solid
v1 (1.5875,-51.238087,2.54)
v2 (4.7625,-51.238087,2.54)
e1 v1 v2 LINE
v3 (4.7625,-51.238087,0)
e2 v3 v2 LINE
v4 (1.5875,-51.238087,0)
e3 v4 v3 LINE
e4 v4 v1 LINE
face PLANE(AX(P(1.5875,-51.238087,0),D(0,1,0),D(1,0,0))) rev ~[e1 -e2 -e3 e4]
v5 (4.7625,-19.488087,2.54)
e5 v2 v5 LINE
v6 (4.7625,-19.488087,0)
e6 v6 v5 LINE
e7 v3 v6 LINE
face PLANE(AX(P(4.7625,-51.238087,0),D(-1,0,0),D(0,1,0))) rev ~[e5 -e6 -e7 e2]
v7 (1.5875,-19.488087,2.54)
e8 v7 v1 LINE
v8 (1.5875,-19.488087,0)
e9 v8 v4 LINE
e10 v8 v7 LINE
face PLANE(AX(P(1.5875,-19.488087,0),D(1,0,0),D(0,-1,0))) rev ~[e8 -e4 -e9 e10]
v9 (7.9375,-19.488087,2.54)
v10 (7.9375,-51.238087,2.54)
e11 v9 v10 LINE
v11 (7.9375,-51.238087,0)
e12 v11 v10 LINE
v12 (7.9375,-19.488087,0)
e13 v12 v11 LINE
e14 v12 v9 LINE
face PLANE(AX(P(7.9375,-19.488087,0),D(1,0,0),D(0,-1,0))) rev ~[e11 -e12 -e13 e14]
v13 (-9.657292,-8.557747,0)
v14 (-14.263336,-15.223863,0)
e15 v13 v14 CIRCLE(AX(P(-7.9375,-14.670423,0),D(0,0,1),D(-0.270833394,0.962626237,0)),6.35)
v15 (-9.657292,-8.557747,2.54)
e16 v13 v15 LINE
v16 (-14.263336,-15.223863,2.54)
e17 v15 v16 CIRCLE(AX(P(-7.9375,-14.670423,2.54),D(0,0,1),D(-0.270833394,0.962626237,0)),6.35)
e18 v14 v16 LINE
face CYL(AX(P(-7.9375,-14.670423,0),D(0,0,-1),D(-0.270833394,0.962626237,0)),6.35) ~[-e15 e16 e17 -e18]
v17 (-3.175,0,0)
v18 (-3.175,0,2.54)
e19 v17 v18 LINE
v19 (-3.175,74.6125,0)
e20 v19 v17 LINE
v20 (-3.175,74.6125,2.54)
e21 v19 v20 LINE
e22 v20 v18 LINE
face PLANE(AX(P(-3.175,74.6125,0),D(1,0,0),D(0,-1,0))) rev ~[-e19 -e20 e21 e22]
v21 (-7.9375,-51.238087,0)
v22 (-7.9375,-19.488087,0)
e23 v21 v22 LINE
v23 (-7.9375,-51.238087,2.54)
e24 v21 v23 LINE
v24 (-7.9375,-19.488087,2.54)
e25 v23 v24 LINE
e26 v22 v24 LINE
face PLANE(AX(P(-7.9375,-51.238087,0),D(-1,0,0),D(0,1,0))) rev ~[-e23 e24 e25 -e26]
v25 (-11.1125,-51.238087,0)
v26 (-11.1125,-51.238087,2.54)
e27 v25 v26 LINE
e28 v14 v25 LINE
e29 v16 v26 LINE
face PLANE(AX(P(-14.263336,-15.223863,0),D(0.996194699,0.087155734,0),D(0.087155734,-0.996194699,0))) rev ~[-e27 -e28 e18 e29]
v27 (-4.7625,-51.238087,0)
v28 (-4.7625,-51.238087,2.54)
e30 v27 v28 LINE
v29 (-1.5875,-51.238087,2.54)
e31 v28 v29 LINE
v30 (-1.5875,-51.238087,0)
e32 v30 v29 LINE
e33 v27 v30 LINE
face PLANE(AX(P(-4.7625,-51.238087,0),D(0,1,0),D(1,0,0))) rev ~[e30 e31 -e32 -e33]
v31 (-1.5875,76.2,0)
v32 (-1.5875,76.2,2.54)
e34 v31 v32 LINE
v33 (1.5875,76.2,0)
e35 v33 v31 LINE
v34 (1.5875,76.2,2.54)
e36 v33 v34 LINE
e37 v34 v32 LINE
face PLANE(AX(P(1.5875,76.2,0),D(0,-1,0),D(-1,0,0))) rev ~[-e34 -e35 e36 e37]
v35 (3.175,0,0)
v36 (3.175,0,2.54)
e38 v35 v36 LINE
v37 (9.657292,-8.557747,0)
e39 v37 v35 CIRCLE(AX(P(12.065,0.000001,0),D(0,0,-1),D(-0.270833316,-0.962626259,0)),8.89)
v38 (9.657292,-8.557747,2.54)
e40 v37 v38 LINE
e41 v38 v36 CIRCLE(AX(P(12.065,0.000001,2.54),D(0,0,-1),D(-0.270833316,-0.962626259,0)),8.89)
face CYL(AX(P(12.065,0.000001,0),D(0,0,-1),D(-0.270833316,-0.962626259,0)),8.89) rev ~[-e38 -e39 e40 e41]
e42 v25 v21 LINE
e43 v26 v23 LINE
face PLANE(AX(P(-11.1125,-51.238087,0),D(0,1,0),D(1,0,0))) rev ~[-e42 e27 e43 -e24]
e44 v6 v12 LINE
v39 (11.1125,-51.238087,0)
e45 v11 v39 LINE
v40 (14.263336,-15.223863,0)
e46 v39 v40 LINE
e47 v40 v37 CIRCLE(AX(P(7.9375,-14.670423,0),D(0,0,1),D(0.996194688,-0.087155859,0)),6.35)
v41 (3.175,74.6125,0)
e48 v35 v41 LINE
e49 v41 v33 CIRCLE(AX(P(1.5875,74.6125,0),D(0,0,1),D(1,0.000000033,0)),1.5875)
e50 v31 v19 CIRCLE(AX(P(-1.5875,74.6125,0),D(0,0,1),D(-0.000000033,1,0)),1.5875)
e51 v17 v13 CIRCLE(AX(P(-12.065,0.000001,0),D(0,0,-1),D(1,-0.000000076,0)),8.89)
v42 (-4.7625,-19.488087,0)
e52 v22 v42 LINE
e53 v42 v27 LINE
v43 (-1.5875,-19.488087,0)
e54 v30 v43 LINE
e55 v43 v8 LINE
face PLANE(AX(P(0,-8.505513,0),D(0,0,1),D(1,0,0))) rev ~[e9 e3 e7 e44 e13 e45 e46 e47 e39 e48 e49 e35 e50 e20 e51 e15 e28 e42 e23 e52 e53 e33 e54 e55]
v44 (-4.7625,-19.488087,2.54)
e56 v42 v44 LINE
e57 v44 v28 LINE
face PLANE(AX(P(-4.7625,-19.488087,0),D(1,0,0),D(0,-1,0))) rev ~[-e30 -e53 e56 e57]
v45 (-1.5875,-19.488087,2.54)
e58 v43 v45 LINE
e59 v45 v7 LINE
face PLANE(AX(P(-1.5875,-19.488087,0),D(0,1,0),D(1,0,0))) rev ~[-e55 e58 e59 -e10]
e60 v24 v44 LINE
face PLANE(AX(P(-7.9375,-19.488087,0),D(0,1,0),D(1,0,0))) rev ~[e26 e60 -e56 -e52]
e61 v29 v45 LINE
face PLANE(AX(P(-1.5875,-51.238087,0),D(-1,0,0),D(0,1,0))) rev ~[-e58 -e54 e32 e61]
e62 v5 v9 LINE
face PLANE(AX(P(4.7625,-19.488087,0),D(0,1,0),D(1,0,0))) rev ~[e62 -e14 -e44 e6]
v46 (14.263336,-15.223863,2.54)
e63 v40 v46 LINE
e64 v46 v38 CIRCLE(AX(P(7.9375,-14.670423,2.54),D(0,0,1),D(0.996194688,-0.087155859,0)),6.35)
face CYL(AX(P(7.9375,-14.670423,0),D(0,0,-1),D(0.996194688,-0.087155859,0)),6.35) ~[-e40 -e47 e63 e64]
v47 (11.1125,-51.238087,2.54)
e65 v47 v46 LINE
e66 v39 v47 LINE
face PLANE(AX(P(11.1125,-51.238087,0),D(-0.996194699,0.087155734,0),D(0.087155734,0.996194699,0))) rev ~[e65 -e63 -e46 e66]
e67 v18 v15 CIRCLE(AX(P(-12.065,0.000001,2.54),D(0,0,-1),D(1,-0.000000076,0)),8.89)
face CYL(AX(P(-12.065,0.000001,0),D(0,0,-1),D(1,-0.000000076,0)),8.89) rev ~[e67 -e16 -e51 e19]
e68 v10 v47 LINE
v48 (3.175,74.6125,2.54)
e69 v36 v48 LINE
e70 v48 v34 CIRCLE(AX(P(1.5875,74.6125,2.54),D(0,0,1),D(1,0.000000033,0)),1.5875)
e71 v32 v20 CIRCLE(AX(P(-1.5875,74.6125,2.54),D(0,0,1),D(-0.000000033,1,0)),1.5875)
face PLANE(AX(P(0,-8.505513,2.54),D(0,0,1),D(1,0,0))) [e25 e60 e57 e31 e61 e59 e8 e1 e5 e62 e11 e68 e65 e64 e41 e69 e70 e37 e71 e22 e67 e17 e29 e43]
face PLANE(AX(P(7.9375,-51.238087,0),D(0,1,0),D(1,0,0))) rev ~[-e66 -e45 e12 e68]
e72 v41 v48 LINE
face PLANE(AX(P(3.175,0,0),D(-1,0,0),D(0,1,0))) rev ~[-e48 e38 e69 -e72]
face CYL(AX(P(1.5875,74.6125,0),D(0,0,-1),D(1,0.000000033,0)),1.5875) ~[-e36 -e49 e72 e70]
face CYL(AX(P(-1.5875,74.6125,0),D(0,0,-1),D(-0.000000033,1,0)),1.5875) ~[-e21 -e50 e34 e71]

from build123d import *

# Parameters (mm, degrees)
F1_DEPTH = 2.54


with BuildPart() as f1:
    # F0 (on Top) → F1 (new body)
    with BuildSketch(Plane.XY):
        with BuildLine():
            ThreePointArc((-1.5875, 76.2), (-2.710032, 75.735032), (-3.175, 74.6125))
            Line((-3.175, 74.6125), (-3.175, 0))
            ThreePointArc((-3.175, 0), (-4.978512, -5.367847), (-9.657292, -8.557747))
            ThreePointArc((-9.657292, -8.557747), (-13.161704, -11.060688), (-14.263336, -15.223863))
            Line((-14.263336, -15.223863), (-11.1125, -51.238087))
            Line((-11.1125, -51.238087), (-7.9375, -51.238087))
            Line((-7.9375, -51.238087), (-7.9375, -19.488087))
            Line((-7.9375, -19.488087), (-4.7625, -19.488087))
            Line((-4.7625, -19.488087), (-4.7625, -51.238087))
            Line((-4.7625, -51.238087), (-1.5875, -51.238087))
            Line((-1.5875, -51.238087), (-1.5875, -19.488087))
            Line((-1.5875, -19.488087), (0, -19.488087))
            Line((0, -19.488087), (1.5875, -19.488087))
            Line((1.5875, -19.488087), (1.5875, -51.238087))
            Line((1.5875, -51.238087), (4.7625, -51.238087))
            Line((4.7625, -51.238087), (4.7625, -19.488087))
            Line((4.7625, -19.488087), (7.9375, -19.488087))
            Line((7.9375, -19.488087), (7.9375, -51.238087))
            Line((7.9375, -51.238087), (11.1125, -51.238087))
            Line((11.1125, -51.238087), (14.263336, -15.223863))
            ThreePointArc((14.263336, -15.223863), (13.161704, -11.060688), (9.657292, -8.557747))
            ThreePointArc((9.657292, -8.557747), (4.978512, -5.367847), (3.175, 0))
            Line((3.175, 0), (3.175, 74.6125))
            ThreePointArc((3.175, 74.6125), (2.710032, 75.735032), (1.5875, 76.2))
            Line((1.5875, 76.2), (-1.5875, 76.2))
        make_face()
    extrude(amount=F1_DEPTH)


solid = f1.part
